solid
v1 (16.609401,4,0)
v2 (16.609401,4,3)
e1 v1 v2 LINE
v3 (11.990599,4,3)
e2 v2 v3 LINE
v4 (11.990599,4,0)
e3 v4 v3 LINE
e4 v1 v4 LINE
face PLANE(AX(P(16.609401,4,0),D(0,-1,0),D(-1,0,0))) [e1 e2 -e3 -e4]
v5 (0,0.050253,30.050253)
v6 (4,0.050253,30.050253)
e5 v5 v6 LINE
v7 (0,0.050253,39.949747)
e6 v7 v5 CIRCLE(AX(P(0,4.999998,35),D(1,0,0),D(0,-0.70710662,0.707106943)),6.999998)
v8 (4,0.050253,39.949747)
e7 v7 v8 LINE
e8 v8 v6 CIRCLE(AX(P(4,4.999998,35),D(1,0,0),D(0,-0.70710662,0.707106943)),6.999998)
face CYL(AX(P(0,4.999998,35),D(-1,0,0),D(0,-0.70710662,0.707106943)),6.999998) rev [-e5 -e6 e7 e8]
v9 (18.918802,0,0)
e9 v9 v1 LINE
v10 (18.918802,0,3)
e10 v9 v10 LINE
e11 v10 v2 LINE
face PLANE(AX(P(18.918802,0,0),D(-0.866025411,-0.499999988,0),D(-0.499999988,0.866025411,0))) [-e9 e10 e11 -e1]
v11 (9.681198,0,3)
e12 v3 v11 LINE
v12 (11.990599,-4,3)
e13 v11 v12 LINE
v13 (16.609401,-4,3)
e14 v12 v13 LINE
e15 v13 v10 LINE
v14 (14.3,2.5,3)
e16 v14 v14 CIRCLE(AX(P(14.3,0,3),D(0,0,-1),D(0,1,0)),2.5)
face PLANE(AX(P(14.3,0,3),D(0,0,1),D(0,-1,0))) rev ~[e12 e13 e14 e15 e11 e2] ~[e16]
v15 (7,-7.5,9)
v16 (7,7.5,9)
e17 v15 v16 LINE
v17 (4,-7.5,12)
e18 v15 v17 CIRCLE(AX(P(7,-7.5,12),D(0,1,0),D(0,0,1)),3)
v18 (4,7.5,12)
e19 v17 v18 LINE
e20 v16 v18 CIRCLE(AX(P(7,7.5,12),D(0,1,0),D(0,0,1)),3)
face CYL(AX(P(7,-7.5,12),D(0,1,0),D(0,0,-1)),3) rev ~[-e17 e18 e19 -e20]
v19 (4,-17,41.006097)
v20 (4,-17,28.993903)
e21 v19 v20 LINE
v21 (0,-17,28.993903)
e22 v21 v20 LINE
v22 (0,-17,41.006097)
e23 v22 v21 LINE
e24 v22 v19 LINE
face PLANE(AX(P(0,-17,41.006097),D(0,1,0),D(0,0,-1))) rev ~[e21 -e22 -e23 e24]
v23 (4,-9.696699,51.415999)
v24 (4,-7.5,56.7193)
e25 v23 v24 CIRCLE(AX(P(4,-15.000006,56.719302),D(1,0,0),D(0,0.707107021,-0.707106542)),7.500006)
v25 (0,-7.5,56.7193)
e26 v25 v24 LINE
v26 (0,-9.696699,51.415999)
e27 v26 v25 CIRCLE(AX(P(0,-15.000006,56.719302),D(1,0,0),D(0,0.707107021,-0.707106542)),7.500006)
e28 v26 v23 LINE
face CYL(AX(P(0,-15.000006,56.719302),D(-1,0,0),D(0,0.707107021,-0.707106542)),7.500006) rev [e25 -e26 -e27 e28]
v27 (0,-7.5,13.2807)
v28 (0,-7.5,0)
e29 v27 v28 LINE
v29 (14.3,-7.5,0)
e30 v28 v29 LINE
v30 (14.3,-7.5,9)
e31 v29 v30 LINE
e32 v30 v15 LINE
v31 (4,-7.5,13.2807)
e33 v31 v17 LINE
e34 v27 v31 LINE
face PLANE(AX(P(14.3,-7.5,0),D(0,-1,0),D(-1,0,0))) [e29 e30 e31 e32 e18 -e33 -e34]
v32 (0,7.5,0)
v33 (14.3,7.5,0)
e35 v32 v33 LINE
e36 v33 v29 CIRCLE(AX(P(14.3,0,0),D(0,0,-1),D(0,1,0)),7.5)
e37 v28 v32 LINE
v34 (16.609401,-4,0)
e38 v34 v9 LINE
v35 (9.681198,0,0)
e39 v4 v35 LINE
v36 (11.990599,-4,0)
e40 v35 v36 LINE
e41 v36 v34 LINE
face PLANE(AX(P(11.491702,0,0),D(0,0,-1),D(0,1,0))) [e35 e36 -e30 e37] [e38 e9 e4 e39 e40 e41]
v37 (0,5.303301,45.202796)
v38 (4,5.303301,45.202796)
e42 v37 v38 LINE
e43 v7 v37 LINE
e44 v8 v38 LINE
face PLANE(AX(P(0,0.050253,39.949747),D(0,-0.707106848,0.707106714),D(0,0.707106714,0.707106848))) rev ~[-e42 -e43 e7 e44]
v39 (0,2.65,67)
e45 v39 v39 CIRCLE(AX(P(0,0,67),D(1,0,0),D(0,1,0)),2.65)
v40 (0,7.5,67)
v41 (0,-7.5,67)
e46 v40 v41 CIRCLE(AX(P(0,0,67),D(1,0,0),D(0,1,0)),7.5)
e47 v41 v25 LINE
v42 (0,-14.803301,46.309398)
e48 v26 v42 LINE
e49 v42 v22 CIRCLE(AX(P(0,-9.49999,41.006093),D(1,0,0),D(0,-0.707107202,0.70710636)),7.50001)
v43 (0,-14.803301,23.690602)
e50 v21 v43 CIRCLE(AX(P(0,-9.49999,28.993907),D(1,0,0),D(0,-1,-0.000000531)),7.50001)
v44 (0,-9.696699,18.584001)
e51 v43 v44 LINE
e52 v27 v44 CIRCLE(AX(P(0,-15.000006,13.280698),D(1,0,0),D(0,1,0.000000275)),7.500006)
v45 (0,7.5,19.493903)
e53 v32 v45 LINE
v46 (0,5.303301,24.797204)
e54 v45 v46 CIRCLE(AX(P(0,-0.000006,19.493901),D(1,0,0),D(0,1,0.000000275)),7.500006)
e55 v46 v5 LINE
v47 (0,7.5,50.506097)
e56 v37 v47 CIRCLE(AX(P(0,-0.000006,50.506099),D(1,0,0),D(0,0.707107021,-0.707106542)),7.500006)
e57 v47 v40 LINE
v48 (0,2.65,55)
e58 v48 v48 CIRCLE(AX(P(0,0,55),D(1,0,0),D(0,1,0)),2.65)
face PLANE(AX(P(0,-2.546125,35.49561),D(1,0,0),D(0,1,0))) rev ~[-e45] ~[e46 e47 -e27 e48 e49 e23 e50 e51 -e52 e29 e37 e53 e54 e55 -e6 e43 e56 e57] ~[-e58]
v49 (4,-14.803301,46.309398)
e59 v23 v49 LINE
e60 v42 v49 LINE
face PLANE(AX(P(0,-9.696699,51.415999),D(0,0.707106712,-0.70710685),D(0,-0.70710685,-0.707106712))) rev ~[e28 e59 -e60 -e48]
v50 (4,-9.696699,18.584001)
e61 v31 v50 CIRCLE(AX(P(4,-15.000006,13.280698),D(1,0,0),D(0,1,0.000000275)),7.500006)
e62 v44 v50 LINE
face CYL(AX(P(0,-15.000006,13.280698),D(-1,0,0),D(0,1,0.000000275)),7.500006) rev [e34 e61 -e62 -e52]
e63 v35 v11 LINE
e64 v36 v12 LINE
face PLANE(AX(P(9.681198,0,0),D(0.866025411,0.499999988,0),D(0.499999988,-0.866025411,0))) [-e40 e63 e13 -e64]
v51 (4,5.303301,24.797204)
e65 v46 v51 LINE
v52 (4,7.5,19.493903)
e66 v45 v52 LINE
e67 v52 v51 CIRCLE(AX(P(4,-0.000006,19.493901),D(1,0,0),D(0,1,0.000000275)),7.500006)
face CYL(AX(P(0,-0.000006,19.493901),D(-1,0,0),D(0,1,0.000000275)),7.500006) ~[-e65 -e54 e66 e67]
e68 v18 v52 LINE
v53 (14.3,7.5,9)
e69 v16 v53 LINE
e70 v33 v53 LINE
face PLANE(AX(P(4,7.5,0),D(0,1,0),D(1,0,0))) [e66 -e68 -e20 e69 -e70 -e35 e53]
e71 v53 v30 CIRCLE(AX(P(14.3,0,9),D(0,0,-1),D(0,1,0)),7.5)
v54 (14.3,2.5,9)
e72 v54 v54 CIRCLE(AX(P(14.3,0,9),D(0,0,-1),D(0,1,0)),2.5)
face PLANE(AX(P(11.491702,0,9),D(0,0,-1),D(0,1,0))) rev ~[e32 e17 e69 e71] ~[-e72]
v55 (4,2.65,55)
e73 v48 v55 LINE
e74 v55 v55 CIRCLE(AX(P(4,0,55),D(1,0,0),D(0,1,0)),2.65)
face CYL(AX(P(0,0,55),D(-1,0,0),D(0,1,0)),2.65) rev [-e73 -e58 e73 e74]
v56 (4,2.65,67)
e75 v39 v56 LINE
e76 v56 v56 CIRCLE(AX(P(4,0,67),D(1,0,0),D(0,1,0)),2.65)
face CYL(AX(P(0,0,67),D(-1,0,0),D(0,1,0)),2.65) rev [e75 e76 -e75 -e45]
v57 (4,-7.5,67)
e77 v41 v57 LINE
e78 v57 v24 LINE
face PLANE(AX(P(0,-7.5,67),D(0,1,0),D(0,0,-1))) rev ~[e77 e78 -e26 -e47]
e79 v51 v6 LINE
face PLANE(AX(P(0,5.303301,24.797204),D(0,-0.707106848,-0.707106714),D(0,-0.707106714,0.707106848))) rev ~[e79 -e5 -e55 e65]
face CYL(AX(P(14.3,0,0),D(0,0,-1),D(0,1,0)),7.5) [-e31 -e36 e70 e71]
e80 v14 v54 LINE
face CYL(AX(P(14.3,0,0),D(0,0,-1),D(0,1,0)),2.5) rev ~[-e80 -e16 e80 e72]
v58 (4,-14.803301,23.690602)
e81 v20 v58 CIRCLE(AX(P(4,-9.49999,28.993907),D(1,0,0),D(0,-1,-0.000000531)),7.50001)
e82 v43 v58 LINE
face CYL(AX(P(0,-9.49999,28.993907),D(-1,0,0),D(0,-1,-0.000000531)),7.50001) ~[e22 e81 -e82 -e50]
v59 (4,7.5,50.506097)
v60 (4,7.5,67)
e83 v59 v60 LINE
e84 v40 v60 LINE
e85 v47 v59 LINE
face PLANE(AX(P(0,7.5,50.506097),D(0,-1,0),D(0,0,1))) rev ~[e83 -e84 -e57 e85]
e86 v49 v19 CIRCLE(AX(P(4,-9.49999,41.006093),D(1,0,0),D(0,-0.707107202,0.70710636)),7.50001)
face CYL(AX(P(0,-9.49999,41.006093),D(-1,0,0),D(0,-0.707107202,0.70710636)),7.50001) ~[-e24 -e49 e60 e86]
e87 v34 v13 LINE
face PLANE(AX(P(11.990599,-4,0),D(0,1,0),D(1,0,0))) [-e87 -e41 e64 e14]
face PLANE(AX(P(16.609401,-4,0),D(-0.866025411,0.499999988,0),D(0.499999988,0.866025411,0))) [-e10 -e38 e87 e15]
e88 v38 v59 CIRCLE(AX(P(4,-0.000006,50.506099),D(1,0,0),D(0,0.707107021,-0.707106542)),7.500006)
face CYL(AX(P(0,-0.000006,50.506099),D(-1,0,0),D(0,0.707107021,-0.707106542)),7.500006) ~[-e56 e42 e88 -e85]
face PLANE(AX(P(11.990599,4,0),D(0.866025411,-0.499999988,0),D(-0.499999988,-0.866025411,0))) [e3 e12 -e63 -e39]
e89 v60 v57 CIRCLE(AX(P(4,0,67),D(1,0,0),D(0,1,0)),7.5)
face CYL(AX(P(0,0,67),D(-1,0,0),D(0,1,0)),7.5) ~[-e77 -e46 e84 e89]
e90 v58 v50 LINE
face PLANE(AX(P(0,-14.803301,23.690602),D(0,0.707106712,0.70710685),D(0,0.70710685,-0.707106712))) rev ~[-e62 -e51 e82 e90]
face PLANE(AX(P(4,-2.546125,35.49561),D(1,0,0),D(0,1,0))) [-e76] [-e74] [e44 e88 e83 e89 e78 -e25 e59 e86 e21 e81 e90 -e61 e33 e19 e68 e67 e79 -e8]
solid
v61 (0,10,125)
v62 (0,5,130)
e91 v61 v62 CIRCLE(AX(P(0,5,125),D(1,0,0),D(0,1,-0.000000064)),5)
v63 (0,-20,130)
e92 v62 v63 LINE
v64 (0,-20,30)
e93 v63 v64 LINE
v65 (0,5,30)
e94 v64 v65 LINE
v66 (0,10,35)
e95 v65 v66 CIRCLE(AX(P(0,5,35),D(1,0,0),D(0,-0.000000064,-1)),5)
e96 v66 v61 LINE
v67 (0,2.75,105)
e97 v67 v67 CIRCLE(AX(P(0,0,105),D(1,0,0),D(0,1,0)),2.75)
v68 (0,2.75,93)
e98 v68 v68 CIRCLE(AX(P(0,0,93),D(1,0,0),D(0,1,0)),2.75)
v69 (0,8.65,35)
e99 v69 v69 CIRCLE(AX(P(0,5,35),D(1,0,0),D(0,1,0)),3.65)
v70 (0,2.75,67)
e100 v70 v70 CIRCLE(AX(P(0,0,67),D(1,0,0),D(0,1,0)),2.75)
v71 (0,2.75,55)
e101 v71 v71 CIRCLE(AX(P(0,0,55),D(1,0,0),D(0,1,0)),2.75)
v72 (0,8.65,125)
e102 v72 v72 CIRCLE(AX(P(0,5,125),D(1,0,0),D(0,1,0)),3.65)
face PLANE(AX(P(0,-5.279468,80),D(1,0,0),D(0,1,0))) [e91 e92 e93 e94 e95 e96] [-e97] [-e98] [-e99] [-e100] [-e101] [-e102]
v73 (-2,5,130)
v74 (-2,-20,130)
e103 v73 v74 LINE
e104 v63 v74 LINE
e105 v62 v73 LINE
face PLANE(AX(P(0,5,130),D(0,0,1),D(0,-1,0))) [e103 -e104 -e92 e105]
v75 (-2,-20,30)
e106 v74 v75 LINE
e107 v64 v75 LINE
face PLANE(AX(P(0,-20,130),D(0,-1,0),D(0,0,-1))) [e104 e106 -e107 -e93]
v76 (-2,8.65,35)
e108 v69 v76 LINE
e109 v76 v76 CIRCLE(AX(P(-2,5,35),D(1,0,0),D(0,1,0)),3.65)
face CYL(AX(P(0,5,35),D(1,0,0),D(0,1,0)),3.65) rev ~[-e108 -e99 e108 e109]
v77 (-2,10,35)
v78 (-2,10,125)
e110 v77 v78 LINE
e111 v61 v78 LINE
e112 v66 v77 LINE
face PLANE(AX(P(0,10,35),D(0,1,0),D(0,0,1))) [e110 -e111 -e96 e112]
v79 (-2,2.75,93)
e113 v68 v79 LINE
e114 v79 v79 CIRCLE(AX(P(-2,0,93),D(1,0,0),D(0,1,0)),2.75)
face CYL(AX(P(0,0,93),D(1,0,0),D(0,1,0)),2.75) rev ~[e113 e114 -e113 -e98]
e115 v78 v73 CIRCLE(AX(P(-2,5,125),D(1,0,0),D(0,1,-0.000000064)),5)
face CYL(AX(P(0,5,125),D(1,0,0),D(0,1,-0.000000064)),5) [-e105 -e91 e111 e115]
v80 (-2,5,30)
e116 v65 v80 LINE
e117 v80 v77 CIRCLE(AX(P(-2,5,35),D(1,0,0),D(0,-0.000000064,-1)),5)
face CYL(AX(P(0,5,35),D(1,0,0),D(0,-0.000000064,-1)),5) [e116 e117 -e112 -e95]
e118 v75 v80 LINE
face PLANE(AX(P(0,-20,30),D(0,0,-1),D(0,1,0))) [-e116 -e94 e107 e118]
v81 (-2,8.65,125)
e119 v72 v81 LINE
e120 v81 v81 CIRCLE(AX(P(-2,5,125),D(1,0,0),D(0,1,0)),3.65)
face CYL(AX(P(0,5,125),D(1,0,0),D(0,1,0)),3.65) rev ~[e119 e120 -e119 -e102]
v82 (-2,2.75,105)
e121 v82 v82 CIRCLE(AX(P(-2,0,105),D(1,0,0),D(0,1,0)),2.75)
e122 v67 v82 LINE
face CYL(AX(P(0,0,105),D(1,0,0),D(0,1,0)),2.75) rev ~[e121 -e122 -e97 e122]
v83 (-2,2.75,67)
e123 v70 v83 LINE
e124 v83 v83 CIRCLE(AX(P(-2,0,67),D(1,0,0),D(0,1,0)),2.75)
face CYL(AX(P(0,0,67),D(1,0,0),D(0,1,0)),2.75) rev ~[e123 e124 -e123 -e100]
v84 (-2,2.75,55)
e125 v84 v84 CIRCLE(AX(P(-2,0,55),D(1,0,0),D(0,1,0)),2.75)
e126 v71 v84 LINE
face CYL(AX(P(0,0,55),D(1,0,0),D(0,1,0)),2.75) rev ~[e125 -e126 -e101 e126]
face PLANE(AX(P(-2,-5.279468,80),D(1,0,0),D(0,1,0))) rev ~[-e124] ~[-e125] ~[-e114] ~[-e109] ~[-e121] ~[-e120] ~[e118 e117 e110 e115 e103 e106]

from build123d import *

# Parameters (mm, degrees)
SKETCH_R     = 2.75
SKETCH_R_2   = 3.65
PAD_DEPTH    = 2
SKETCH001_R  = 2.65
PAD001_DEPTH = 4
SKETCH002_R  = 2.5
PAD002_DEPTH = 9
POCKET_DEPTH = 3
FILLET_R     = 3


with BuildPart() as z_plate:
    # Sketch → Pad (new body)
    with BuildSketch(Plane.YZ):
        with BuildLine():
            Line((-20, 30), (5, 30))
            ThreePointArc((5, 30), (8.535534, 31.464466), (10, 35))
            Line((10, 35), (10, 125))
            ThreePointArc((10, 125), (8.535534, 128.535534), (5, 130))
            Line((5, 130), (-20, 130))
            Line((-20, 130), (-20, 30))
        make_face()
        with Locations((0, 105)):
            Circle(SKETCH_R, mode=Mode.SUBTRACT)
        with Locations((0, 93)):
            Circle(SKETCH_R, mode=Mode.SUBTRACT)
        with Locations((0, 67)):
            Circle(SKETCH_R, mode=Mode.SUBTRACT)
        with Locations((0, 55)):
            Circle(SKETCH_R, mode=Mode.SUBTRACT)
        with Locations((5, 125)):
            Circle(SKETCH_R_2, mode=Mode.SUBTRACT)
        with Locations((5, 35)):
            Circle(SKETCH_R_2, mode=Mode.SUBTRACT)
    extrude(amount=-PAD_DEPTH)


with BuildPart() as z_endstop_screw_mount:
    # Sketch001 → Pad001 (new body)
    with BuildSketch(Plane.YZ):
        with BuildLine():
            Line((-7.5, 67), (-7.5, 56.7193))
            ThreePointArc((-9.696699, 51.415999), (-8.070904, 53.849174), (-7.5, 56.7193))
            Line((-9.696699, 51.415999), (-14.803301, 46.309398))
            ThreePointArc((-14.803301, 46.309398), (-16.429096, 43.876222), (-17, 41.006097))
            Line((-17, 41.006097), (-17, 28.993903))
            ThreePointArc((-17, 28.993903), (-16.429096, 26.123778), (-14.803301, 23.690602))
            Line((-14.803301, 23.690602), (-9.696699, 18.584001))
            ThreePointArc((-7.5, 13.2807), (-8.070904, 16.150826), (-9.696699, 18.584001))
            Line((-7.5, 13.2807), (-7.5, 0))
            Line((-7.5, 0), (7.5, 0))
            Line((7.5, 0), (7.5, 19.493903))
            ThreePointArc((7.5, 19.493903), (6.929096, 22.364029), (5.303301, 24.797204))
            Line((5.303301, 24.797204), (0.050253, 30.050253))
            ThreePointArc((0.050253, 39.949747), (-2, 35), (0.050253, 30.050253))
            Line((0.050253, 39.949747), (5.303301, 45.202796))
            ThreePointArc((5.303301, 45.202796), (6.929096, 47.635971), (7.5, 50.506097))
            Line((7.5, 50.506097), (7.5, 67))
            ThreePointArc((7.5, 67), (0, 74.5), (-7.5, 67))
        make_face()
        with Locations((0, 67)):
            Circle(SKETCH001_R, mode=Mode.SUBTRACT)
        with Locations((0, 55)):
            Circle(SKETCH001_R, mode=Mode.SUBTRACT)
    extrude(amount=PAD001_DEPTH)

    # Sketch002 → Pad002 (new body)
    with BuildSketch(Plane.YX):
        with BuildLine():
            Line((-7.5, 14.3), (-7.5, 4))
            Line((-7.5, 4), (7.5, 4))
            Line((7.5, 4), (7.5, 14.3))
            ThreePointArc((7.5, 14.3), (0, 21.8), (-7.5, 14.3))
        make_face()
        with Locations((0, 14.3)):
            Circle(SKETCH002_R, mode=Mode.SUBTRACT)
    extrude(amount=-PAD002_DEPTH)

    # Sketch003 → Pocket (cut)
    with BuildSketch(Plane.YX):
        Polygon((-4, 11.990599), (-4, 16.609401), (0, 18.918802), (4, 16.609401), (4, 11.990599), (0, 9.681198), align=None)
    extrude(amount=-POCKET_DEPTH, mode=Mode.SUBTRACT)

    # Fillet
    fillet_edges = [z_endstop_screw_mount.edges().sort_by_distance(p)[0] for p in [
        (4, 0, 9),
    ]]
    fillet(fillet_edges, radius=FILLET_R)


solid = Compound([z_plate.part, z_endstop_screw_mount.part])
